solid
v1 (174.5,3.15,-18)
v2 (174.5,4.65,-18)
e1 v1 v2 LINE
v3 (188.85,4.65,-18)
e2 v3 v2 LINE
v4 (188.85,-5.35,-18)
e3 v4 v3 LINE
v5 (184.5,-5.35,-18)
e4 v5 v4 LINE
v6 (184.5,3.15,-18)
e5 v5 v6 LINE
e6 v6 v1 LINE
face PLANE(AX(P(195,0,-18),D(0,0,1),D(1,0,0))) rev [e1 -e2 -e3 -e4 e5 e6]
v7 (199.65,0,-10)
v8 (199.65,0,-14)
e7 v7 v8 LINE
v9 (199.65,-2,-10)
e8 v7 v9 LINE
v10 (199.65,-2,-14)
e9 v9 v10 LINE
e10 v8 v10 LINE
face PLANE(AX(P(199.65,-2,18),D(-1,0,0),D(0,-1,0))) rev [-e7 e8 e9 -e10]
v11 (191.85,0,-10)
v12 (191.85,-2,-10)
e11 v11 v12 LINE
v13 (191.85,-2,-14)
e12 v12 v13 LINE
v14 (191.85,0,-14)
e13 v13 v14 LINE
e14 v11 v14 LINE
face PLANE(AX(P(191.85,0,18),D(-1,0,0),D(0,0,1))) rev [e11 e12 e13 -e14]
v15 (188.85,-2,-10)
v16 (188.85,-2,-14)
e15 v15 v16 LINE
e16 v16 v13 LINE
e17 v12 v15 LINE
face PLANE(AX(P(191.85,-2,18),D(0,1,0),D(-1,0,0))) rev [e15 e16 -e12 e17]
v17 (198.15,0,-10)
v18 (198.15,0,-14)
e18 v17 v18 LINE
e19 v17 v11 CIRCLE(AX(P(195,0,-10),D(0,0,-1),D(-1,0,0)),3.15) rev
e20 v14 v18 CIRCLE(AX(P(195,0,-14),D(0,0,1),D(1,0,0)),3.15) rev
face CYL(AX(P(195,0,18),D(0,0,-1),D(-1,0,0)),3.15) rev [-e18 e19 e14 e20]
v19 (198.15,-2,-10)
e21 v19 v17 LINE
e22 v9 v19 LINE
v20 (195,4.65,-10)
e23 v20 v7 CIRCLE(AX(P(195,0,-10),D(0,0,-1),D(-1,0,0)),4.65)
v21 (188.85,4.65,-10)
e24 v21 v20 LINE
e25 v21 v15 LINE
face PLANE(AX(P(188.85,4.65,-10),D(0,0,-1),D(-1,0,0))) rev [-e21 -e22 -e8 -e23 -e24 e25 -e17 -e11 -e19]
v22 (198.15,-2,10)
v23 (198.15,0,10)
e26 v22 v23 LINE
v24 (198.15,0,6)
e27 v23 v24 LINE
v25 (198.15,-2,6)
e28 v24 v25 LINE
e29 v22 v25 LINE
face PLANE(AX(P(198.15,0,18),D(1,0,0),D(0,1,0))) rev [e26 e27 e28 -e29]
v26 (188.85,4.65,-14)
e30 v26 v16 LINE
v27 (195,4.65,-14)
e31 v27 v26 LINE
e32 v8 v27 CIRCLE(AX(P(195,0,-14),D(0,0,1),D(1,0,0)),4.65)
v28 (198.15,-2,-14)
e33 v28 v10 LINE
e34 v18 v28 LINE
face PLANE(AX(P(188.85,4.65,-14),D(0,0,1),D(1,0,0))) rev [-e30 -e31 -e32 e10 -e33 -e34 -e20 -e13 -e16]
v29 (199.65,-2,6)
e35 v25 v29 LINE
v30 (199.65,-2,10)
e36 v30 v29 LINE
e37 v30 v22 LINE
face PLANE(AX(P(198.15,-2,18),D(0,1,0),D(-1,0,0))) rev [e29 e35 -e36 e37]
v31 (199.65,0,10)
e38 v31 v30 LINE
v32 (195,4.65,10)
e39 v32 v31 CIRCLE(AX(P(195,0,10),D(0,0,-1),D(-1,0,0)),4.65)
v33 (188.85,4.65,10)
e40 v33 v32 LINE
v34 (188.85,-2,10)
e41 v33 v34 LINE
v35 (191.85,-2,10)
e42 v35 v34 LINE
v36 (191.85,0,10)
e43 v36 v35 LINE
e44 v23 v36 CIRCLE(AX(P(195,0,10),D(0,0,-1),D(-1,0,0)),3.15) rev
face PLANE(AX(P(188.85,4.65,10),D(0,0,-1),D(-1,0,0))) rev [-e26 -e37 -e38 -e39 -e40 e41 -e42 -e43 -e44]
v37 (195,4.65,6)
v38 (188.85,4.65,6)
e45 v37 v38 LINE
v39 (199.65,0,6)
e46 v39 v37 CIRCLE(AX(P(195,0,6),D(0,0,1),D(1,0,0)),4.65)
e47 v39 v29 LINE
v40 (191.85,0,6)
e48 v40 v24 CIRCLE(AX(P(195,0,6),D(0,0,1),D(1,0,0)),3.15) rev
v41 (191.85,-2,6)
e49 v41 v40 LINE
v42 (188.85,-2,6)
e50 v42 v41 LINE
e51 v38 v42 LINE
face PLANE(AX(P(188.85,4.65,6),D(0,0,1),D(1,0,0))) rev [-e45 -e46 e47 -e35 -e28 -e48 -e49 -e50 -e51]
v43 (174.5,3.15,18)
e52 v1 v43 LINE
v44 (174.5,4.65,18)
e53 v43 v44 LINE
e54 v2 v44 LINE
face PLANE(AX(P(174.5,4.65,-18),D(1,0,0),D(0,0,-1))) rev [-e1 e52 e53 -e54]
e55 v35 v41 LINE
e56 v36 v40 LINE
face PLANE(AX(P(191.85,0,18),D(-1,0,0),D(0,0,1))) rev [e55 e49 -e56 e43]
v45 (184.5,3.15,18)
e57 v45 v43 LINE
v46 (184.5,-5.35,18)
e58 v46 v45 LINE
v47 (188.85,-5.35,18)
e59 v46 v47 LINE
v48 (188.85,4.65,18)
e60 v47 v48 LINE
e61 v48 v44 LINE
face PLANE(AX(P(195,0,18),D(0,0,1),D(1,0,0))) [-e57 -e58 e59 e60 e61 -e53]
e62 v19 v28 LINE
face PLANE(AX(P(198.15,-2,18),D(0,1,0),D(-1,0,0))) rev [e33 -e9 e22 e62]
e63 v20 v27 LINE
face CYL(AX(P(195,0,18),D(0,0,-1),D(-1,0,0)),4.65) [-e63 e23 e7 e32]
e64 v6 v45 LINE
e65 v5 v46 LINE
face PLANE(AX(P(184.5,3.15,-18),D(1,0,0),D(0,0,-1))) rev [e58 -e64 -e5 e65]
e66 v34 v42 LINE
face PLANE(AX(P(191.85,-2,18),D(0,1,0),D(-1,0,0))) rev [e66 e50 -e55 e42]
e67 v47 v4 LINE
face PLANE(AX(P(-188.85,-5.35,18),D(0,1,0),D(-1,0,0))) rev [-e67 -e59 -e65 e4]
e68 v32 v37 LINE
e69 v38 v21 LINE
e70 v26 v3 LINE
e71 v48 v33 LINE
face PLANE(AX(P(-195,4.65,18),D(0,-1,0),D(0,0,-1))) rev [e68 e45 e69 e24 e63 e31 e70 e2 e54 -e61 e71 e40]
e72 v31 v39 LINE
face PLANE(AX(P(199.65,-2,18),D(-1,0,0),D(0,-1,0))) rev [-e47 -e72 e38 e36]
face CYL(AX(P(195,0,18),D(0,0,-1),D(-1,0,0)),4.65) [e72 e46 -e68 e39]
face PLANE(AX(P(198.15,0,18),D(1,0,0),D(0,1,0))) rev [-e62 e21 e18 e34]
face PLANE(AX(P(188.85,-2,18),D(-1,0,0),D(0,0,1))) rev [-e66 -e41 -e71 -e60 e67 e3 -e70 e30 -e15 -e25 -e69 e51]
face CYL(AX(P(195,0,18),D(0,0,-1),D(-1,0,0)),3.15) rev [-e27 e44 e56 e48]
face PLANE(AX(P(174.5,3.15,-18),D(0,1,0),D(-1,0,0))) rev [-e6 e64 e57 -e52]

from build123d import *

# Parameters (mm, degrees)
AUFSATZ_LINEAR_AUSTRAGEN2_DEPTH = 18
SKIZZE3_W                       = 10.8
SKIZZE3_H                       = 4
SKIZZE3_H_2                     = 16
SKIZZE3_H_3                     = 8
SCHNITT_LINEAR_AUSTRAGEN1_DEPTH = 201.709049372
SCHNITT_LINEAR_AUSTRAGEN2_DEPTH = 203.940249827


with BuildPart() as part:
    # Skizze1 → Aufsatz-Linear austragen2 (new, symmetric)
    with BuildSketch(Plane.XY):
        with BuildLine():
            Line((-198.15, 0), (-198.15, -2))
            Line((-198.15, -2), (-199.65, -2))
            Line((-199.65, -2), (-199.65, 0))
            ThreePointArc((-199.65, 0), (-198.288046533, 3.288046533), (-195, 4.65))
            Line((-195, 4.65), (195, 4.65))
            ThreePointArc((195, 4.65), (198.288046533, 3.288046533), (199.65, 0))
            Line((199.65, 0), (199.65, -2))
            Line((199.65, -2), (198.15, -2))
            Line((198.15, -2), (198.15, 0))
            ThreePointArc((198.15, 0), (195, 3.15), (191.85, 0))
            Line((191.85, 0), (191.85, -2))
            Line((191.85, -2), (188.85, -2))
            Line((188.85, -2), (188.85, -5.35))
            Line((188.85, -5.35), (-188.85, -5.35))
            Line((-188.85, -5.35), (-188.85, -2))
            Line((-188.85, -2), (-191.85, -2))
            Line((-191.85, -2), (-191.85, 0))
            ThreePointArc((-191.85, 0), (-195, 3.15), (-198.15, 0))
        make_face()
    extrude(amount=AUFSATZ_LINEAR_AUSTRAGEN2_DEPTH, both=True)

    # Skizze3 → Schnitt-Linear austragen1 (cut, through all)
    with BuildSketch(Plane.XZ.offset(5.35)):
        with Locations((-194.25, 16)):
            Rectangle(SKIZZE3_W, SKIZZE3_H)
        with Locations((-194.25, 2)):
            Rectangle(SKIZZE3_W, SKIZZE3_H_2)
        with Locations((-194.25, -14)):
            Rectangle(SKIZZE3_W, SKIZZE3_H_3)
        with Locations((194.25, 14)):
            Rectangle(SKIZZE3_W, SKIZZE3_H_3)
        with Locations((194.25, -2)):
            Rectangle(SKIZZE3_W, SKIZZE3_H_2)
        with Locations((194.25, -16)):
            Rectangle(SKIZZE3_W, SKIZZE3_H)
    extrude(amount=-SCHNITT_LINEAR_AUSTRAGEN1_DEPTH, mode=Mode.SUBTRACT)

    # Skizze4 → Schnitt-Linear austragen2 (cut, through all)
    with BuildSketch(Plane.XY.offset(18)):
        Polygon((174.5, 4.65), (174.5, 3.15), (184.5, 3.15), (184.5, -5.35), (-199.65, -5.35), (-199.65, 4.65), align=None)
    extrude(amount=-SCHNITT_LINEAR_AUSTRAGEN2_DEPTH, mode=Mode.SUBTRACT)


solid = part.part
